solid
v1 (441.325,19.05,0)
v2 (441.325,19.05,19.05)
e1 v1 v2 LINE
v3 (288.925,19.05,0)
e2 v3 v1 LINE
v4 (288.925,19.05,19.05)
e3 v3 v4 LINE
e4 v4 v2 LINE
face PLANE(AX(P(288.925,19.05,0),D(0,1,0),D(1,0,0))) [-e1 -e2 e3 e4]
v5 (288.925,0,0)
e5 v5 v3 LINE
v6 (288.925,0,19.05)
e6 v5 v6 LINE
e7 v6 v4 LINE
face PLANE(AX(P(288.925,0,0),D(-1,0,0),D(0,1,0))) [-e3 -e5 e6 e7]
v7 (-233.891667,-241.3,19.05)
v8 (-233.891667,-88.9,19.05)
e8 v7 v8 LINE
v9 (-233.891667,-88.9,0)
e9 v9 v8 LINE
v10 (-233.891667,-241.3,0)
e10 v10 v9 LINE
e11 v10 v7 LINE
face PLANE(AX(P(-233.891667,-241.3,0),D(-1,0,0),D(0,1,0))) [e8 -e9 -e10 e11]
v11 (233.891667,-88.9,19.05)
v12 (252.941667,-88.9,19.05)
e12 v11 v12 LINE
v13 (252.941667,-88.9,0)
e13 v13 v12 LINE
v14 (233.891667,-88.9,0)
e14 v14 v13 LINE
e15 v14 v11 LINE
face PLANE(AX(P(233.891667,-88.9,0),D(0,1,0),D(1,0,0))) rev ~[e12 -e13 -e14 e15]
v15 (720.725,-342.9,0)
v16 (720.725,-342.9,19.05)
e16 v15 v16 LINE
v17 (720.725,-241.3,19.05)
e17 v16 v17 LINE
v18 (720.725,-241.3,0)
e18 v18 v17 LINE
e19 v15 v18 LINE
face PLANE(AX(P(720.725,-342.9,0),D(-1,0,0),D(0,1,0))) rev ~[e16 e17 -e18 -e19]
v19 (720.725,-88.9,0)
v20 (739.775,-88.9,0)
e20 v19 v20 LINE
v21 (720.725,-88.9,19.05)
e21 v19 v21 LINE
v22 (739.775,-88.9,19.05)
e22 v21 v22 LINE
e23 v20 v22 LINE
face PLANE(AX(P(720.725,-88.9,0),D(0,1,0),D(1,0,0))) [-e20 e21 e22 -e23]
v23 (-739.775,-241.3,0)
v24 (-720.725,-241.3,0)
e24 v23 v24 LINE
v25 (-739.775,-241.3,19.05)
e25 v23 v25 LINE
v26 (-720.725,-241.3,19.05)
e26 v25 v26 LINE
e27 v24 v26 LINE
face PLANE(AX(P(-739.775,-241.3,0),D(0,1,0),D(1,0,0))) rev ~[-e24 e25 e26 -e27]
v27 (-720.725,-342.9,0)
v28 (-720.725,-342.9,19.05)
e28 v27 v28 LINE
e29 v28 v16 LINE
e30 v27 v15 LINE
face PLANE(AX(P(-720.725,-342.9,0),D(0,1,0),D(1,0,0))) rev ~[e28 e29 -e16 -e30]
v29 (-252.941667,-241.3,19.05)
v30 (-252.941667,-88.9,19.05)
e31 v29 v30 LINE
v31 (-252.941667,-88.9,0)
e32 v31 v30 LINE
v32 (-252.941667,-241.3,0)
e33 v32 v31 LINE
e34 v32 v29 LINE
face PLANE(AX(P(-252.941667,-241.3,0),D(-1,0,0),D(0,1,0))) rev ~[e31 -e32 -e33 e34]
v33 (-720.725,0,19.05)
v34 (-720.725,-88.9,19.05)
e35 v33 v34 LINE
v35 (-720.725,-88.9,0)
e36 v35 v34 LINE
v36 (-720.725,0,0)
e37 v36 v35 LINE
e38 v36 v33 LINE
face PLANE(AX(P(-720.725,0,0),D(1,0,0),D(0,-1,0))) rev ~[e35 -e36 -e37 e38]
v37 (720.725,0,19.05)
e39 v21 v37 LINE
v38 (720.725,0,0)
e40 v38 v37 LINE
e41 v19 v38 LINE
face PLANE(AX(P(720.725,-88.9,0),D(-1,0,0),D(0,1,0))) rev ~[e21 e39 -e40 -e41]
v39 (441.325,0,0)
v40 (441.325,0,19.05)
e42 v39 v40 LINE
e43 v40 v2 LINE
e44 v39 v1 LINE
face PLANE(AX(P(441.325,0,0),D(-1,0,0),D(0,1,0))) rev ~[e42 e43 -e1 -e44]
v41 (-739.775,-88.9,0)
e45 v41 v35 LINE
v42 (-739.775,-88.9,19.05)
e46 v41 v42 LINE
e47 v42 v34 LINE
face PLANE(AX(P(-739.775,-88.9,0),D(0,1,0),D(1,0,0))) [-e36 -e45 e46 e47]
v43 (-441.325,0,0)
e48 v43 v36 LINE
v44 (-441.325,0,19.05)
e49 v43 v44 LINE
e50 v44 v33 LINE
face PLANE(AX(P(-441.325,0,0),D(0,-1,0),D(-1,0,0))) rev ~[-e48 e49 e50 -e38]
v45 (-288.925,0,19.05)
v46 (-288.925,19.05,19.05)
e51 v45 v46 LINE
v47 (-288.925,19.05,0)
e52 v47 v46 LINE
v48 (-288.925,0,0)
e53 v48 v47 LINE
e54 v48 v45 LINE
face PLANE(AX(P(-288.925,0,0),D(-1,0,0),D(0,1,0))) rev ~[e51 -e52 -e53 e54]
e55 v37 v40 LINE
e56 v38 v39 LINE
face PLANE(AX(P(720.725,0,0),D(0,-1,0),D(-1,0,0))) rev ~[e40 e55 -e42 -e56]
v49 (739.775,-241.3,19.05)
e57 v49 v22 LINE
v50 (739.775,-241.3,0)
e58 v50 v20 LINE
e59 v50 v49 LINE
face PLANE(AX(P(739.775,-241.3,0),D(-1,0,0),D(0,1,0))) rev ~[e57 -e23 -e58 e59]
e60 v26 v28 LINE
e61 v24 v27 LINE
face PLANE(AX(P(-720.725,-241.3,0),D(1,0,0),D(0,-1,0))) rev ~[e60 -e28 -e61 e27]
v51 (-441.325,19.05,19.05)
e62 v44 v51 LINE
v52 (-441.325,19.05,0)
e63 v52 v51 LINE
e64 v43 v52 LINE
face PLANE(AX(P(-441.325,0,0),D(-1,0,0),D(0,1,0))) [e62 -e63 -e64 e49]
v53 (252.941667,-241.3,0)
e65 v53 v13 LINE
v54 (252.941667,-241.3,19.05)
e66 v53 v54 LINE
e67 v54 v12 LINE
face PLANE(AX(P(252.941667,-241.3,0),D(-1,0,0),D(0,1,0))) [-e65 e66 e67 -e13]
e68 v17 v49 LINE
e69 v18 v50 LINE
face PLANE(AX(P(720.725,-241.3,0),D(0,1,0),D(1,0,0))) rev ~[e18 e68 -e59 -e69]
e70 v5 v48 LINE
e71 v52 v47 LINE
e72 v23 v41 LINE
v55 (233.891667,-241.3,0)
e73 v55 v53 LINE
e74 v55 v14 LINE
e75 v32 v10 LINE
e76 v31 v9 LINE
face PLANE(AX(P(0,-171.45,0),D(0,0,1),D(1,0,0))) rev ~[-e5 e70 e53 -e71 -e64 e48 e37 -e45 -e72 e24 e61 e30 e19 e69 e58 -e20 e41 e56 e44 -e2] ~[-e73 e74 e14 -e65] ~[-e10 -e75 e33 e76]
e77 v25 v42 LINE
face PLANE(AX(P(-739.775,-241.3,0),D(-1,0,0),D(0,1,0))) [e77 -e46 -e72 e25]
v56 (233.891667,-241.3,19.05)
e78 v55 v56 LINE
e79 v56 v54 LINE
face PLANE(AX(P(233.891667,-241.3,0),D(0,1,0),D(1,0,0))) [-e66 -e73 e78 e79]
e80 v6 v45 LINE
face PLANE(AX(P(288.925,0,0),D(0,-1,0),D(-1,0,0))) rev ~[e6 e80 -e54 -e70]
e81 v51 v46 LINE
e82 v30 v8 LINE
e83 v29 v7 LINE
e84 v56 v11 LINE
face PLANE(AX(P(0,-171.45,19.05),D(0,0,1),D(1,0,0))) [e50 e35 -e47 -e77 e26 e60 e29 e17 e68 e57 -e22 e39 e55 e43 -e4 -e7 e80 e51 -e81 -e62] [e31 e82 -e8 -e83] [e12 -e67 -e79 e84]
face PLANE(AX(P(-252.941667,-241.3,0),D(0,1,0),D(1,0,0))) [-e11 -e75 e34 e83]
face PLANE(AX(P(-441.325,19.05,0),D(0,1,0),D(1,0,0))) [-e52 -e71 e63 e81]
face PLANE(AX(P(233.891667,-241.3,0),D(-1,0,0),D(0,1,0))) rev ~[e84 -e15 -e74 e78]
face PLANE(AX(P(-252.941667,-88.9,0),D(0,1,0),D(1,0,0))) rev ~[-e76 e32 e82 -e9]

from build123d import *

# Parameters (mm, degrees)
F0_W     = 19.05
F0_H     = 152.4
F0_W_2   = 152.4
F0_H_2   = 19.05
F1_DEPTH = 19.05


with BuildPart() as f1:
    # F0 (on Top) → F1 (new body)
    with BuildSketch(Plane.XY):
        Polygon((-441.325, 0), (-720.725, 0), (-720.725, -88.9), (-720.725, -241.3), (-720.725, -342.9), (720.725, -342.9), (720.725, -241.3), (720.725, -88.9), (720.725, 0), (441.325, 0), (288.925, 0), (-288.925, 0), align=None)
        with Locations((-243.416667, -165.1)):
            Rectangle(F0_W, F0_H, mode=Mode.SUBTRACT)
        with Locations((243.416667, -165.1)):
            Rectangle(F0_W, F0_H, mode=Mode.SUBTRACT)
        with Locations((-365.125, 9.525)):
            Rectangle(F0_W_2, F0_H_2)
        with Locations((365.125, 9.525)):
            Rectangle(F0_W_2, F0_H_2)
        with Locations((730.25, -165.1)):
            Rectangle(F0_W, F0_H)
        with Locations((-730.25, -165.1)):
            Rectangle(F0_W, F0_H)
    extrude(amount=F1_DEPTH)


solid = f1.part
